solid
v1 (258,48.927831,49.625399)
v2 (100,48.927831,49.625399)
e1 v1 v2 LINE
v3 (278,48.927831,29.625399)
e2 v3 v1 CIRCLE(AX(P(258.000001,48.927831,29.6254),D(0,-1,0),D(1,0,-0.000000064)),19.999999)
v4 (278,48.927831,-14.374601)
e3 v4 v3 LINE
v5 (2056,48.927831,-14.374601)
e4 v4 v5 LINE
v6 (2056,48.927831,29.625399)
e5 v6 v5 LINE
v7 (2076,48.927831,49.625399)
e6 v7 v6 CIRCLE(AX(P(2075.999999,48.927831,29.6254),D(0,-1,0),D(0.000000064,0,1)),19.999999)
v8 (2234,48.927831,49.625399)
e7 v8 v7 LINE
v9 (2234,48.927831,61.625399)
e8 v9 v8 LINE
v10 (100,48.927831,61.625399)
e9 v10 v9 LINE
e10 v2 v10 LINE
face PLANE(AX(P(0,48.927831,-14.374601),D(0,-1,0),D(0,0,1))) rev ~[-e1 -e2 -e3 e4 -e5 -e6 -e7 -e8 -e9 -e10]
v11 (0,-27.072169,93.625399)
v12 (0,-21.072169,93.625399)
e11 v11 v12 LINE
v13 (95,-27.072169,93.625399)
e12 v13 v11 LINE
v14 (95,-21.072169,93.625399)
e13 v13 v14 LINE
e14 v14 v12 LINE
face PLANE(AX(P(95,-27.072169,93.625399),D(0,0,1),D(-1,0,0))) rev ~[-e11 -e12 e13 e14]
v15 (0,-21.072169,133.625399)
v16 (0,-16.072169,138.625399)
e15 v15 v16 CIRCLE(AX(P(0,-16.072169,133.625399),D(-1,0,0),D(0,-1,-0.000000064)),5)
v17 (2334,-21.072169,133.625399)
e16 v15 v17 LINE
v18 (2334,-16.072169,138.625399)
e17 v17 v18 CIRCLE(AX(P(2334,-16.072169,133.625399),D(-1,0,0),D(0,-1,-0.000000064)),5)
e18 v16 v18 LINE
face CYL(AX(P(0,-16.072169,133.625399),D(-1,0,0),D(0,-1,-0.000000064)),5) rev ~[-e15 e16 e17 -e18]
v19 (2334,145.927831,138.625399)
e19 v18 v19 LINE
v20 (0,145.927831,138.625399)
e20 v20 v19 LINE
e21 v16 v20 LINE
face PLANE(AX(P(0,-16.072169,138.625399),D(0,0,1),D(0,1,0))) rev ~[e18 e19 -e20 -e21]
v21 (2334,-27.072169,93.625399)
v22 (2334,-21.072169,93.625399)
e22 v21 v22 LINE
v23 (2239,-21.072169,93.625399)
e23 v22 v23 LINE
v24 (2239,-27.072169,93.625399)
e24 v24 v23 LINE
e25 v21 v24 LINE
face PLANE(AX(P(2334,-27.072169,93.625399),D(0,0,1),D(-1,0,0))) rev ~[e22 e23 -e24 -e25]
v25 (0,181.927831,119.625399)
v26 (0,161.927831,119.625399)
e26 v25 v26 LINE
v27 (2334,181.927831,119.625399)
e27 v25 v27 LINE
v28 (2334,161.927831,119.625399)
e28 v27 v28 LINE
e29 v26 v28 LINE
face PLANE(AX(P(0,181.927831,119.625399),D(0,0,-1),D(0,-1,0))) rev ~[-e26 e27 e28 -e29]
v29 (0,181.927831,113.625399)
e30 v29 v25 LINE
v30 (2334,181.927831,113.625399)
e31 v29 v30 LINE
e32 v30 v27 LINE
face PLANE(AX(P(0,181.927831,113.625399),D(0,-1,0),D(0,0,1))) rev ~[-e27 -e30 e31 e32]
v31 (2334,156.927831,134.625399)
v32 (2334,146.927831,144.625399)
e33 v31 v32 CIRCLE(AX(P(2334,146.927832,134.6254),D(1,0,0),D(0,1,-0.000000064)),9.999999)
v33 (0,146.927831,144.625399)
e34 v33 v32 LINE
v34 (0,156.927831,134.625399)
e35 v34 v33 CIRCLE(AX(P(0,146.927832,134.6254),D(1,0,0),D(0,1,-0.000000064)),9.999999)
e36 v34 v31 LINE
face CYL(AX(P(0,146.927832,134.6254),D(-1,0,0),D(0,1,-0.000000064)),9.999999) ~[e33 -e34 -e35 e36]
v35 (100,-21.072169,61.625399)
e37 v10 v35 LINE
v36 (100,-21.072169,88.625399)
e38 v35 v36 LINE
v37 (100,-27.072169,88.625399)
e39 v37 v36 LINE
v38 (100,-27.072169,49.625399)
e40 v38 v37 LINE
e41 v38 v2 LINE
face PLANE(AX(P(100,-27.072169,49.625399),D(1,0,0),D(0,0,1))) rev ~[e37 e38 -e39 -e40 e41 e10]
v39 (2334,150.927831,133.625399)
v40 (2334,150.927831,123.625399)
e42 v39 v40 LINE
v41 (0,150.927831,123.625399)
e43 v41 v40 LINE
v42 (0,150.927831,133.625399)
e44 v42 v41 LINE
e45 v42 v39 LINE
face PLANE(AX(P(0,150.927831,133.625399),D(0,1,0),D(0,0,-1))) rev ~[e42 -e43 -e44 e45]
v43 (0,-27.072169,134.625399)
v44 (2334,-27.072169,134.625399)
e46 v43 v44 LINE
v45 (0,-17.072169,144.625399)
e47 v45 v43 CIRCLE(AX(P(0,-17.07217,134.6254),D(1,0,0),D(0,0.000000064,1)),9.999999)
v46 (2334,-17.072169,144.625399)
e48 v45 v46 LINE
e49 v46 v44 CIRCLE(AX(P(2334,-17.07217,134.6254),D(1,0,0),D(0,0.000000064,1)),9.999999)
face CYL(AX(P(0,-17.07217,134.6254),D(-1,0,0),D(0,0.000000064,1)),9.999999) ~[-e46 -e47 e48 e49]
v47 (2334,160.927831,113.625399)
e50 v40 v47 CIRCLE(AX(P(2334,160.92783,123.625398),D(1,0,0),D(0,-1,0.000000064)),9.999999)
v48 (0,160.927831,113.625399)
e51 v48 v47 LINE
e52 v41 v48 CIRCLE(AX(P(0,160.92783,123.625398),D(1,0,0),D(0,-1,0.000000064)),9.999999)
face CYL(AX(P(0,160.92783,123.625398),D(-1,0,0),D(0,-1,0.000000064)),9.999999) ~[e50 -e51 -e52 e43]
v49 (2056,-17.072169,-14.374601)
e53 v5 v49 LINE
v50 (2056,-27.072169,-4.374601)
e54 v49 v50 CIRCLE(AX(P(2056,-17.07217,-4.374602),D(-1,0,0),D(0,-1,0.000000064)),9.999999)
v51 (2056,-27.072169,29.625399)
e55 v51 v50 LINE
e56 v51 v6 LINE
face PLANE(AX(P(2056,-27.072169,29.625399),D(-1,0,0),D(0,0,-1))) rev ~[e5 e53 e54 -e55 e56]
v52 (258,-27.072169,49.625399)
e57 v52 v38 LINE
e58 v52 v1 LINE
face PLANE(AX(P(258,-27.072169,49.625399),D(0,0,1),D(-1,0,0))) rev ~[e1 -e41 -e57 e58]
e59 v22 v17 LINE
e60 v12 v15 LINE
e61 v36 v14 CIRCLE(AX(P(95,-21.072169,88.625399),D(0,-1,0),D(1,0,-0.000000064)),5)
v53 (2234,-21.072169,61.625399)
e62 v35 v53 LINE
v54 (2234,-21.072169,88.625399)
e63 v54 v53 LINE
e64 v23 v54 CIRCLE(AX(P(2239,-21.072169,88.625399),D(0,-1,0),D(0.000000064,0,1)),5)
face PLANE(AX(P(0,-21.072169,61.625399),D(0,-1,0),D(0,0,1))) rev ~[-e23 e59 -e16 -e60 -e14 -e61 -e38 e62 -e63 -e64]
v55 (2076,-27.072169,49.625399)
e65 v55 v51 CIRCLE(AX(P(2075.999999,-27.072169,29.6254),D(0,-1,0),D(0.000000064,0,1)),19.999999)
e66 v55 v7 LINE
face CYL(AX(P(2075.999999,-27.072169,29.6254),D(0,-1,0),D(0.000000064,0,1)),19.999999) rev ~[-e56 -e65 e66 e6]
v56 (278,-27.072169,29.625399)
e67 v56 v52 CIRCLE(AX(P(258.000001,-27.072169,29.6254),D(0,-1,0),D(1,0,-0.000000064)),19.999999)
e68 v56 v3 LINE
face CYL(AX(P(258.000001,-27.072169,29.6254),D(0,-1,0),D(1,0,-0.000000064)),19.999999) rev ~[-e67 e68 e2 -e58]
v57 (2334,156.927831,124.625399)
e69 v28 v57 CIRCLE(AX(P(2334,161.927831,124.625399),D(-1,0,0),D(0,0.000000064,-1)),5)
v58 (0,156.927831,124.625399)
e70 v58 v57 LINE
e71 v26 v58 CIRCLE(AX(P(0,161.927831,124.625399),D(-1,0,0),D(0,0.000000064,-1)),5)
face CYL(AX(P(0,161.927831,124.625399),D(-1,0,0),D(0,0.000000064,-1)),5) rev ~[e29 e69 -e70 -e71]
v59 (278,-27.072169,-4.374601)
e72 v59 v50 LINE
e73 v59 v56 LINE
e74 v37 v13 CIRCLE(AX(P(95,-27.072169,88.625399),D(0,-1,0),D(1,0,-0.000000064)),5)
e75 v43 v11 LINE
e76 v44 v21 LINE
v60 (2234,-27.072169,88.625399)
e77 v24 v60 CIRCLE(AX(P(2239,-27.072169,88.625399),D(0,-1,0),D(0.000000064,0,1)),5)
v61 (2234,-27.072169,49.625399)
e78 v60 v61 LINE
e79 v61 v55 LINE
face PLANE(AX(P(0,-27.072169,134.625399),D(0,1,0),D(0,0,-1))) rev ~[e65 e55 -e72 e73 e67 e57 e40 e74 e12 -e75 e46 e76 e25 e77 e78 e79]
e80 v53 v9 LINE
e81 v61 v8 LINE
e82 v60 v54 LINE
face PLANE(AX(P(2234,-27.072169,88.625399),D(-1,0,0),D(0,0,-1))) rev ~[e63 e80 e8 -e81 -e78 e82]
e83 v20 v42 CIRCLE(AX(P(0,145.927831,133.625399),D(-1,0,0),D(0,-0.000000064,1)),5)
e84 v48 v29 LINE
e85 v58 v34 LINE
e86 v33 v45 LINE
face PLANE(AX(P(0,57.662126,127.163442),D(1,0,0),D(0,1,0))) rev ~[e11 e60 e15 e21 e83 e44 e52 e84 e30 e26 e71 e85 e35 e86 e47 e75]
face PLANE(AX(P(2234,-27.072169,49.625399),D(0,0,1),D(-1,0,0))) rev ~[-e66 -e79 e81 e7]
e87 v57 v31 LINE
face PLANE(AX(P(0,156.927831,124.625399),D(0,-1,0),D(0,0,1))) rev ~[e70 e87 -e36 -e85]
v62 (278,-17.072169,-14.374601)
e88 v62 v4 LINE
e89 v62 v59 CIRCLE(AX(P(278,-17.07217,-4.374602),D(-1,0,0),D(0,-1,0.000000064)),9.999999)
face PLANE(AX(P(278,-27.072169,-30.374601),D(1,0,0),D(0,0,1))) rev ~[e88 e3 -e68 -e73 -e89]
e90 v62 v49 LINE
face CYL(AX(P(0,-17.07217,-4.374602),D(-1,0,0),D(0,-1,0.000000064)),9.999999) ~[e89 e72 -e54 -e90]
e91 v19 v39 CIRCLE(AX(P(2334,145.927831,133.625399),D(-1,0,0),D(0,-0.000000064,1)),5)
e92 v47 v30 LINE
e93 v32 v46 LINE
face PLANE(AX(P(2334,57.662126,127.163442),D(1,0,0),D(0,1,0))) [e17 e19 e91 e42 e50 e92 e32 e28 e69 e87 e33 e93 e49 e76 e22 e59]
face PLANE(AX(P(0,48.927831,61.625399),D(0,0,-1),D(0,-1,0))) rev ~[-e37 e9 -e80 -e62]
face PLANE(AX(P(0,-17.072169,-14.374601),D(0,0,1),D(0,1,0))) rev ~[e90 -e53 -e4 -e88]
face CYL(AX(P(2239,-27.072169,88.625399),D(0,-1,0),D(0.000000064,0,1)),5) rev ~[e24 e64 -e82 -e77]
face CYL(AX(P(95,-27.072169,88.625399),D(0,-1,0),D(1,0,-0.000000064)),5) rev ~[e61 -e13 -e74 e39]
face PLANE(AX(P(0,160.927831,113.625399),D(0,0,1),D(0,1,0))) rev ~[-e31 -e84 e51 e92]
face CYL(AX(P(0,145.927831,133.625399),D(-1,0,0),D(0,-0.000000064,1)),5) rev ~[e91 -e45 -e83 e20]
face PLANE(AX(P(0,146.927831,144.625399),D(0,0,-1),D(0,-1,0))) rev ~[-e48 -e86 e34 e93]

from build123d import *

# Parameters (mm, degrees)
F1_DEPTH = 2334
F2_W     = 278
F2_H     = 26
F3_DEPTH = 80
F4_DEPTH = 80


with BuildPart() as f1:
    # F0 (on Right) → F1 (new body)
    with BuildSketch(Plane.YZ):
        with BuildLine():
            Line((181.927831, 113.625399), (181.927831, 119.625399))
            Line((181.927831, 119.625399), (161.927831, 119.625399))
            ThreePointArc((161.927831, 119.625399), (158.392297, 121.089865), (156.927831, 124.625399))
            Line((156.927831, 124.625399), (156.927831, 134.625399))
            ThreePointArc((156.927831, 134.625399), (153.998899, 141.696467), (146.927831, 144.625399))
            Line((146.927831, 144.625399), (-17.072169, 144.625399))
            ThreePointArc((-17.072169, 144.625399), (-24.143237, 141.696467), (-27.072169, 134.625399))
            Line((-27.072169, 134.625399), (-27.072169, 61.625399))
            Line((-27.072169, 61.625399), (-21.072169, 61.625399))
            Line((-21.072169, 61.625399), (-21.072169, 133.625399))
            ThreePointArc((-21.072169, 133.625399), (-19.607703, 137.160933), (-16.072169, 138.625399))
            Line((-16.072169, 138.625399), (145.927831, 138.625399))
            ThreePointArc((145.927831, 138.625399), (149.463365, 137.160933), (150.927831, 133.625399))
            Line((150.927831, 133.625399), (150.927831, 123.625399))
            ThreePointArc((150.927831, 123.625399), (153.856763, 116.554331), (160.927831, 113.625399))
            Line((160.927831, 113.625399), (181.927831, 113.625399))
        make_face()
        with BuildLine():
            Line((-21.072169, 61.625399), (-27.072169, 61.625399))
            Line((-27.072169, 61.625399), (-27.072169, -4.374601))
            ThreePointArc((-27.072169, -4.374601), (-24.143237, -11.445669), (-17.072169, -14.374601))
            Line((-17.072169, -14.374601), (48.927831, -14.374601))
            Line((48.927831, -14.374601), (48.927831, -8.374601))
            Line((48.927831, -8.374601), (48.927831, 61.625399))
            Line((48.927831, 61.625399), (-21.072169, 61.625399))
        make_face()
    extrude(amount=F1_DEPTH)

    # F2 (on face) → F3 (cut)
    with BuildSketch(Plane.XZ.offset(27.072169)):
        with Locations((139, -17.374601)):
            Rectangle(F2_W, F2_H)
        with BuildLine():
            Line((95, 93.625399), (0, 93.625399))
            Line((0, 93.625399), (0, -4.374601))
            Line((0, -4.374601), (278, -4.374601))
            Line((278, -4.374601), (278, 29.625399))
            ThreePointArc((278, 29.625399), (272.142136, 43.767535), (258, 49.625399))
            Line((258, 49.625399), (100, 49.625399))
            Line((100, 49.625399), (100, 88.625399))
            ThreePointArc((100, 88.625399), (98.535534, 92.160933), (95, 93.625399))
        make_face()
    extrude(amount=-F3_DEPTH, mode=Mode.SUBTRACT)

    # F2 (on face) → F4 (cut)
    with BuildSketch(Plane.XZ.offset(27.072169)):
        with BuildLine():
            Line((2056, 29.625399), (2056, -4.374601))
            Line((2056, -4.374601), (2334, -4.374601))
            Line((2334, -4.374601), (2334, 93.625399))
            Line((2334, 93.625399), (2239, 93.625399))
            ThreePointArc((2239, 93.625399), (2235.464466, 92.160933), (2234, 88.625399))
            Line((2234, 88.625399), (2234, 49.625399))
            Line((2234, 49.625399), (2076, 49.625399))
            ThreePointArc((2076, 49.625399), (2061.857864, 43.767535), (2056, 29.625399))
        make_face()
        Polygon((2334, -4.374601), (2056, -4.374601), (2056, -14.374601), (2056, -32.294646), (2334, -32.294646), align=None)
    extrude(amount=-F4_DEPTH, mode=Mode.SUBTRACT)


solid = f1.part
